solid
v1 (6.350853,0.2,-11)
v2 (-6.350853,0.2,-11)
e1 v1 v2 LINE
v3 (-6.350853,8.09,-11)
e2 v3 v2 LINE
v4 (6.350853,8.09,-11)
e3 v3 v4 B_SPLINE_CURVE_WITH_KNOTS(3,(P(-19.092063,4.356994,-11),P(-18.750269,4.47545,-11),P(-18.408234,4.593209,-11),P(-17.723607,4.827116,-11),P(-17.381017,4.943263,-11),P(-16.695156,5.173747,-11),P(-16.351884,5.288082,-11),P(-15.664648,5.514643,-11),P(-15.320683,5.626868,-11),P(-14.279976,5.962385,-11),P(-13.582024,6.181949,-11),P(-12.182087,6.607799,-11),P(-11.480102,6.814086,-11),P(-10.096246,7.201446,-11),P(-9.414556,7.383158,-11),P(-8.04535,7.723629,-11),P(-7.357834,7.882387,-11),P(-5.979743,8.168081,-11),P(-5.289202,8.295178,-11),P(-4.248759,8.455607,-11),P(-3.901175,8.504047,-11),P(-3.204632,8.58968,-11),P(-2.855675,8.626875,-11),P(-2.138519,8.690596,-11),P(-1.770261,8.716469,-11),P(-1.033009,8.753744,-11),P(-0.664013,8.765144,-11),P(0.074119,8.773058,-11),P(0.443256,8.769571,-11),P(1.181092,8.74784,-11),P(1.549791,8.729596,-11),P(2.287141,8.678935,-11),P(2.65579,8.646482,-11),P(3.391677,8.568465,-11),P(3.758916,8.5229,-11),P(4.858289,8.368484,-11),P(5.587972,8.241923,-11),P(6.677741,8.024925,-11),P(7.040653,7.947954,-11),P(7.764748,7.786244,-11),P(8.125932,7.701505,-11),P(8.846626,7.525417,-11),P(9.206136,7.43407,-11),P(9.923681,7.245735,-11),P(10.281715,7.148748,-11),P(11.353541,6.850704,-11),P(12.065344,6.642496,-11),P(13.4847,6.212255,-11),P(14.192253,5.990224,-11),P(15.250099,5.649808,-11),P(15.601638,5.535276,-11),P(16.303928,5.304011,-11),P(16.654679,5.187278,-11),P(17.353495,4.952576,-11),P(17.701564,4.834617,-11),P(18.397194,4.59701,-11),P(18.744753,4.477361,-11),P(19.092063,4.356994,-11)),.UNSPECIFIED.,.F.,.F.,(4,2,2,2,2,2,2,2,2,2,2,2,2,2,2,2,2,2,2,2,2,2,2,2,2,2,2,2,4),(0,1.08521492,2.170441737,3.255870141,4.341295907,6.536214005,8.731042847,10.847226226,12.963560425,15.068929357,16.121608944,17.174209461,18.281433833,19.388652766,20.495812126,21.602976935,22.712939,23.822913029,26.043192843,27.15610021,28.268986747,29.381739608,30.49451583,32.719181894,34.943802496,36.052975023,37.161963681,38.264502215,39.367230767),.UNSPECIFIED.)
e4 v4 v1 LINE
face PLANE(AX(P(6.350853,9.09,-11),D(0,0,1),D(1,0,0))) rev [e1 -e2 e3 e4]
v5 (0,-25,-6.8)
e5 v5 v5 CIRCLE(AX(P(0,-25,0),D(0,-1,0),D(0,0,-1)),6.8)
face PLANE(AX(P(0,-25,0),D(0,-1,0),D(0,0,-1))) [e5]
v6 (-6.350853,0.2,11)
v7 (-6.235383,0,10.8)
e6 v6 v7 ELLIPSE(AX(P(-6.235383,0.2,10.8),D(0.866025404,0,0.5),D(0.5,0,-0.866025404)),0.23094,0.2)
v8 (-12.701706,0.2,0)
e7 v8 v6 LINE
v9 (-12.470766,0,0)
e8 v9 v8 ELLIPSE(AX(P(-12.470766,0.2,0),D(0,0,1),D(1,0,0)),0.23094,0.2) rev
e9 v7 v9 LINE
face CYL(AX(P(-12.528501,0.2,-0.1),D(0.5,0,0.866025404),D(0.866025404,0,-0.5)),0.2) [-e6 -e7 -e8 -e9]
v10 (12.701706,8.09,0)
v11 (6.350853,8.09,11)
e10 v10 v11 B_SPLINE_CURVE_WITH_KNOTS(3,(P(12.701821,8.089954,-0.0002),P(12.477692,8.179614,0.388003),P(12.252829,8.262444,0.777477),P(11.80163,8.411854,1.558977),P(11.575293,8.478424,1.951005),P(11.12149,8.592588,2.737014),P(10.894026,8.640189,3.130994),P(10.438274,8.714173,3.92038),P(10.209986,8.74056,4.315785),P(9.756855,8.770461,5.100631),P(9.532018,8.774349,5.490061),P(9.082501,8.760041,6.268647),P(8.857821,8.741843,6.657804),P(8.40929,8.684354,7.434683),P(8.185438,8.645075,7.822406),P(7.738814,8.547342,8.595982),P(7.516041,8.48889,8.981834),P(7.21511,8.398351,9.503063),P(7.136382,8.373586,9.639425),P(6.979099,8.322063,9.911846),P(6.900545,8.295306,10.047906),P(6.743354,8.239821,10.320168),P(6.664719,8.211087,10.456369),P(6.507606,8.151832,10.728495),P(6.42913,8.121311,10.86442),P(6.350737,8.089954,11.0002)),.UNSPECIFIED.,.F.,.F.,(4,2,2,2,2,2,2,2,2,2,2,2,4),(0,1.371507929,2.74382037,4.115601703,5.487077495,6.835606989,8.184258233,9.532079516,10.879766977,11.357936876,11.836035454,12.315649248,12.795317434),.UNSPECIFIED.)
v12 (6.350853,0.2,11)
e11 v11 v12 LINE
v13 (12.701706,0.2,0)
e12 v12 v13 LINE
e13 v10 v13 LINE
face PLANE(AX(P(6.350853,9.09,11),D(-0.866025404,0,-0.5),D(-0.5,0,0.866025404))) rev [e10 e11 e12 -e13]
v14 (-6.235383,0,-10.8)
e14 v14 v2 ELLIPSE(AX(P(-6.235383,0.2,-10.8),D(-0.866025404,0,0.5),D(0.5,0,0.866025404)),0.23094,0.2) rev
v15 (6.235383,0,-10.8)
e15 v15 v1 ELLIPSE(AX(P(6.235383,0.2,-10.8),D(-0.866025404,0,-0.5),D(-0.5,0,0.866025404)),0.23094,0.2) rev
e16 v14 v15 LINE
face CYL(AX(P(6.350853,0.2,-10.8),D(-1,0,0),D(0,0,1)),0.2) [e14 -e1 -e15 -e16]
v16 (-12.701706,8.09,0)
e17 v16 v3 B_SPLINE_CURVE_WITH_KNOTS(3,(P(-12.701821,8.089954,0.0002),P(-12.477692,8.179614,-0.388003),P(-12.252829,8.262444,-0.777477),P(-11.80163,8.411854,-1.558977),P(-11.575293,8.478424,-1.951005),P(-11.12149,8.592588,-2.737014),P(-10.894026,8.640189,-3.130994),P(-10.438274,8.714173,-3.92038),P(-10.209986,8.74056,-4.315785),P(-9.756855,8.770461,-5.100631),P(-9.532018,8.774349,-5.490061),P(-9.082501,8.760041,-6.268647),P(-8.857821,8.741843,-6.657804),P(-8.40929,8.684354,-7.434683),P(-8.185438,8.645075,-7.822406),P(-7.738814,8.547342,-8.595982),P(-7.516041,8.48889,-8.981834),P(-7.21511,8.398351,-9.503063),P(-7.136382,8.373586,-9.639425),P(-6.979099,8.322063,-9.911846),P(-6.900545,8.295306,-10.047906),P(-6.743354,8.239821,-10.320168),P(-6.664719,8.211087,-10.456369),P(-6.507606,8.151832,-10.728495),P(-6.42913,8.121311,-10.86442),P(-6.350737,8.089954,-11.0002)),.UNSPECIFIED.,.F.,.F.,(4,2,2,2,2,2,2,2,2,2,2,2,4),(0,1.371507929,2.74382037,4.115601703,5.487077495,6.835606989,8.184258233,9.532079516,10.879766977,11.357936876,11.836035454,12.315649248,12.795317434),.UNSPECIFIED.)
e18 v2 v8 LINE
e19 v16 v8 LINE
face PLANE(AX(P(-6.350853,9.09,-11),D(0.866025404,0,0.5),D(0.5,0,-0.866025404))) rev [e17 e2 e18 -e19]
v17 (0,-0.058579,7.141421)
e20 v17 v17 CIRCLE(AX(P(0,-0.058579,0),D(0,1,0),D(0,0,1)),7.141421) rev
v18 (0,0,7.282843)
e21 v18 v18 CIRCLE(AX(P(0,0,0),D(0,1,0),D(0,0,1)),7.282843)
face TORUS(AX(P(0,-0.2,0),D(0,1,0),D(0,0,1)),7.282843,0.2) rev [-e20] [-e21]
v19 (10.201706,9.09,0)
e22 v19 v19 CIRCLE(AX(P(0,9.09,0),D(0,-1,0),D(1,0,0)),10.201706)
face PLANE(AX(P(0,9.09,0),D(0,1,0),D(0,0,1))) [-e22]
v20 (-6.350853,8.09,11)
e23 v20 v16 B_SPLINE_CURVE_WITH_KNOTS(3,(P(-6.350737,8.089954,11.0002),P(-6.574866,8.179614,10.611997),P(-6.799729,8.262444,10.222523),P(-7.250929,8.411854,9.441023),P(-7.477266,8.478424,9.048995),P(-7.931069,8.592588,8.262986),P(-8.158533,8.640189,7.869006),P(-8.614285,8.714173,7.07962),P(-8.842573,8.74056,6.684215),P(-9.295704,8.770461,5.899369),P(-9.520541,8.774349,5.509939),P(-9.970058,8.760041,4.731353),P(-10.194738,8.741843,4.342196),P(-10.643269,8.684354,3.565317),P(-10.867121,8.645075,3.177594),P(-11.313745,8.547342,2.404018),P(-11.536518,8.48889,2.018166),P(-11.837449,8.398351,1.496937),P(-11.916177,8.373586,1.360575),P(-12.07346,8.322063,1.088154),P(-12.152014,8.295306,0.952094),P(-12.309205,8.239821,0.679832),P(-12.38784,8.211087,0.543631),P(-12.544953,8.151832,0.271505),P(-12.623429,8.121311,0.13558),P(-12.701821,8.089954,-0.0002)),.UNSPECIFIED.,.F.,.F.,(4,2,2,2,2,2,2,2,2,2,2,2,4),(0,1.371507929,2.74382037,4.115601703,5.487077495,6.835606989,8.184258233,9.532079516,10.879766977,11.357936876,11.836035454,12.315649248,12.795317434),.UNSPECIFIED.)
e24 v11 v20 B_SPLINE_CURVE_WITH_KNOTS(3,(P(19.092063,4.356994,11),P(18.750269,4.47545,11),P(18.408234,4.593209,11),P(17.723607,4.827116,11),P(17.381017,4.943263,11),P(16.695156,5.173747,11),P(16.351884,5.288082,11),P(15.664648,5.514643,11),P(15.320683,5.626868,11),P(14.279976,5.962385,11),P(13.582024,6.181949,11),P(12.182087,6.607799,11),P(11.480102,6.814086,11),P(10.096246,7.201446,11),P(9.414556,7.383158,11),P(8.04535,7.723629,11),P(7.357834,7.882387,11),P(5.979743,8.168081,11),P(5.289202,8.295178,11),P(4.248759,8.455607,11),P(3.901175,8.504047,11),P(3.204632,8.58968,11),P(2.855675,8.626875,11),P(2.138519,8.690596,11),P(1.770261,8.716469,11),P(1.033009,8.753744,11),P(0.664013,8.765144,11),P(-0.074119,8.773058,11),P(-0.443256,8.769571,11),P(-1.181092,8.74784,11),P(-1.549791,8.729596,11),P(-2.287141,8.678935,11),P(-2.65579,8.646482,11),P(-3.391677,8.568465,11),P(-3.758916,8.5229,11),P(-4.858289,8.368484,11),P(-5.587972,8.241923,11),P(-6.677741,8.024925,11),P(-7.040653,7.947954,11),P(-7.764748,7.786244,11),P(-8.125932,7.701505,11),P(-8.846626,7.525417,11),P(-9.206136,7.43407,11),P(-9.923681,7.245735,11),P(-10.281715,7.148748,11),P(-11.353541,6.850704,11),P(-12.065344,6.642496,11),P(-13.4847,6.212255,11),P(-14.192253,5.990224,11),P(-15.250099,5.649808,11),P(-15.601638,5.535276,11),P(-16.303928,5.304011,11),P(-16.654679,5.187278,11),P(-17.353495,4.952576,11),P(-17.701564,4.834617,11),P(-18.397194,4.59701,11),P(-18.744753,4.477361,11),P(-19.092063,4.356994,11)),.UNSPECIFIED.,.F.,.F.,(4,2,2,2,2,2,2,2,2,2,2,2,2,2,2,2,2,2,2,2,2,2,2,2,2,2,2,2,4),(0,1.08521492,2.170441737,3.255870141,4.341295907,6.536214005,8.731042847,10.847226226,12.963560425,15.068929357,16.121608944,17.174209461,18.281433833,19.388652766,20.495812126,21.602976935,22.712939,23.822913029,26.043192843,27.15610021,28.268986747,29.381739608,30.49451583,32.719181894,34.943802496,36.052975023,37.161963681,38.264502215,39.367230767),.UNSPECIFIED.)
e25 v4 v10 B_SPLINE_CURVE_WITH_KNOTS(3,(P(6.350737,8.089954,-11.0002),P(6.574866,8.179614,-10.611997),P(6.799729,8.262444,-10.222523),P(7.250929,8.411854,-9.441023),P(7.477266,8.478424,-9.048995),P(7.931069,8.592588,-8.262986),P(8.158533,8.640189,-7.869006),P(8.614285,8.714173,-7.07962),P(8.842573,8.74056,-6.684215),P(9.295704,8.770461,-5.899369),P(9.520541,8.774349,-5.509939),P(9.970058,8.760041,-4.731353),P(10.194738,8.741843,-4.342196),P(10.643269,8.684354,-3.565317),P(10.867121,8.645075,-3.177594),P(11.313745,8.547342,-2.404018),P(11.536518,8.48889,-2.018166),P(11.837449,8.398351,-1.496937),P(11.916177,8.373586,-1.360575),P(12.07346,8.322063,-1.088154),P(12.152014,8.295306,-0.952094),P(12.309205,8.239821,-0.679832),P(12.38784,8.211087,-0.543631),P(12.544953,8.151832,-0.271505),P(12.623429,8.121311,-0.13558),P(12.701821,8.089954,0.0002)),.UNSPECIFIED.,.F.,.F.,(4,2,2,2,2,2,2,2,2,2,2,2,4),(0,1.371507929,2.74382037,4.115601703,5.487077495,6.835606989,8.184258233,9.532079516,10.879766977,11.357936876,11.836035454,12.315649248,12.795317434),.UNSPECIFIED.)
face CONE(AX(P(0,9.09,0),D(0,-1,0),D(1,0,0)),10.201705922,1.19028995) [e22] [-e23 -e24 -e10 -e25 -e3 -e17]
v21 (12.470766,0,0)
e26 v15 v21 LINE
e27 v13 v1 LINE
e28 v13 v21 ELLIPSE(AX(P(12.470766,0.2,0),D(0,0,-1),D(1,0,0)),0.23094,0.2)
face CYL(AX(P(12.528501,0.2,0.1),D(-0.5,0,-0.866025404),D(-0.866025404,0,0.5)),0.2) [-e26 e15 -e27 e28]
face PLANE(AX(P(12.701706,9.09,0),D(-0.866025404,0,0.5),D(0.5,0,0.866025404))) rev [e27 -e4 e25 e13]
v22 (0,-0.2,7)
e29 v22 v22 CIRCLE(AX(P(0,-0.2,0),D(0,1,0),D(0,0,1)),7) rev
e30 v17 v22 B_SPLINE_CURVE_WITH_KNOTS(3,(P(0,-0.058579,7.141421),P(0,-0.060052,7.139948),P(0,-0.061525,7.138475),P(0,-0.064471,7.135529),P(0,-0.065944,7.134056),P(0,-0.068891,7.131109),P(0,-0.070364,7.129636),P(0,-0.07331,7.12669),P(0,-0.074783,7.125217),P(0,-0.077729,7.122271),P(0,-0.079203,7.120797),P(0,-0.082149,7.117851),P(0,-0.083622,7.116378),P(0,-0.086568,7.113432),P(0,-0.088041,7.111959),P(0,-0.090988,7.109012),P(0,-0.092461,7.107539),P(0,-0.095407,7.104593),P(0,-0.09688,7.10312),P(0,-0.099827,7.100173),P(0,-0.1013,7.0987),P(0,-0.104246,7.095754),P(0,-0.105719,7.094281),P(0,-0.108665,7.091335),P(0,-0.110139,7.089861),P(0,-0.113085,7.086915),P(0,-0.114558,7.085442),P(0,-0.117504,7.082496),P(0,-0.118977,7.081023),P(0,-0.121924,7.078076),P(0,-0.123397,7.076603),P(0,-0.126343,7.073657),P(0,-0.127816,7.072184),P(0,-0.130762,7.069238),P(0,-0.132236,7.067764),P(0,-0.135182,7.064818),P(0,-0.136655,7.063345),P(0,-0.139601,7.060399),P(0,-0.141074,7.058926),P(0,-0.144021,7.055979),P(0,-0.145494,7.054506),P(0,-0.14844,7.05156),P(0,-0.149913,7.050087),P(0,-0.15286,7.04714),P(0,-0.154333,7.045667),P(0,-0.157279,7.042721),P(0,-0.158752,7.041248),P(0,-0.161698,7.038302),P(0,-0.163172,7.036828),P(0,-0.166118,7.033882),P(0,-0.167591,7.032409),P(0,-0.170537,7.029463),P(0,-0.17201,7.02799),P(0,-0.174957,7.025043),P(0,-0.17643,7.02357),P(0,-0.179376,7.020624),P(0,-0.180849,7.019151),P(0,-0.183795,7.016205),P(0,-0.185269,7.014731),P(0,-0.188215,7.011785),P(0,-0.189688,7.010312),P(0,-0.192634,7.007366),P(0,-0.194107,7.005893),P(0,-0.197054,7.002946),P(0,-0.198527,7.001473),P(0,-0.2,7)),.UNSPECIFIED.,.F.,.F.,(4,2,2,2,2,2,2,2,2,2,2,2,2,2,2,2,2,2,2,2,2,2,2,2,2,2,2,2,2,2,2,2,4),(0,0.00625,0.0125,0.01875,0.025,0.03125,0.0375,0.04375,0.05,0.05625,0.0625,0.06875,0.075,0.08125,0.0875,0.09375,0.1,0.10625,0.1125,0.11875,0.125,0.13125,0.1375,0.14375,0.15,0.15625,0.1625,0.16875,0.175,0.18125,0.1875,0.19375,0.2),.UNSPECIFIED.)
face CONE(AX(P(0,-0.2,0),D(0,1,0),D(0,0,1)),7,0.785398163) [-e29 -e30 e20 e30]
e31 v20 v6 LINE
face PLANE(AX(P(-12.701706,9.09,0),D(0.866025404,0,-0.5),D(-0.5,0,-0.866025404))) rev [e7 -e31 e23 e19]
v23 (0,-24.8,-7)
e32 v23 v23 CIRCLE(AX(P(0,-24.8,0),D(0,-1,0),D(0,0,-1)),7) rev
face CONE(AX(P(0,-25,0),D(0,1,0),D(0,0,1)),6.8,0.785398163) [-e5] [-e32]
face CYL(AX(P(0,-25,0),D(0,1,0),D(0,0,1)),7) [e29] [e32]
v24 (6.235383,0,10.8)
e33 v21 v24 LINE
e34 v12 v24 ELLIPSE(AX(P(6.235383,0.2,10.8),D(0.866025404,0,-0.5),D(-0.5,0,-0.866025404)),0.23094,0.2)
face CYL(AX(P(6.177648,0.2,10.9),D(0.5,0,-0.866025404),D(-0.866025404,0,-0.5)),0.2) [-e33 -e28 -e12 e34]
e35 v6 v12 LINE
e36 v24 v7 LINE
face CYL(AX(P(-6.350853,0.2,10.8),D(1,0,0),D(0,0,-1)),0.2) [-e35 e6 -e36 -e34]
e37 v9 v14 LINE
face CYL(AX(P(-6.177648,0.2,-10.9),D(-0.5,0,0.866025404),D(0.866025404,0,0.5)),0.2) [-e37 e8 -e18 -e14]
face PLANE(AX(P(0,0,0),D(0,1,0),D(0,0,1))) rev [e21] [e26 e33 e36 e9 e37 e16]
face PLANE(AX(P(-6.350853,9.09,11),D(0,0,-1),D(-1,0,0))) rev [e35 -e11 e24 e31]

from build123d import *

# Parameters (mm, degrees)
EXTRUDE_1_DEPTH = 9.09
SKETCH_2_R      = 7
EXTRUDE_2_DEPTH = 25
CHAMFER_1_SIZE  = 0.2
FILLET_1_R      = 0.2


with BuildPart() as part:
    # 草图1 → 凸台-拉伸1 (new body)
    with BuildSketch(Plane(origin=(0, 0, 0), x_dir=(1, 0, 0), z_dir=(0, 1, 0))):
        Polygon((12.701705922, 0), (6.350852961, 11), (-6.350852961, 11), (-12.701705922, 0), (-6.350852961, -11), (6.350852961, -11), align=None)
    extrude(amount=EXTRUDE_1_DEPTH)

    # 草图2 → 凸台-拉伸2 (add)
    with BuildSketch(Plane.XZ):
        with Locations(Location((0, 0, 0), (0, 0, 270))):
            Circle(SKETCH_2_R)
    extrude(amount=EXTRUDE_2_DEPTH)

    # 倒角1
    chamfer_1_edges = [part.edges().sort_by_distance(p)[0] for p in [
        (0, 0, 7),
        (0, -25, 7),
    ]]
    chamfer(chamfer_1_edges, length=CHAMFER_1_SIZE)

    # 圆角1
    fillet_1_edges = [part.edges().sort_by_distance(p)[0] for p in [
        (0, 0, 7.2),
        (0, 0, 11),
        (-9.526279442, 0, 5.5),
        (-9.526279442, 0, -5.5),
        (0, 0, -11),
        (9.526279442, 0, -5.5),
        (9.526279442, 0, 5.5),
    ]]
    fillet(fillet_1_edges, radius=FILLET_1_R)

    # 草图3 → 切除-旋转1 (revolve, cut)
    with BuildSketch(Plane.XY, mode=Mode.PRIVATE) as cut_revolve_1_sk:
        Polygon((10.201705922, 9.09), (12.701705922, 9.09), (12.701705922, 8.09), align=None)
    revolve(cut_revolve_1_sk.sketch.rotate(Axis((0, 0, 0), (0, 1, 0)), 270), axis=Axis((0, 0, 0), (0, 1, 0)), mode=Mode.SUBTRACT)


solid = part.part
